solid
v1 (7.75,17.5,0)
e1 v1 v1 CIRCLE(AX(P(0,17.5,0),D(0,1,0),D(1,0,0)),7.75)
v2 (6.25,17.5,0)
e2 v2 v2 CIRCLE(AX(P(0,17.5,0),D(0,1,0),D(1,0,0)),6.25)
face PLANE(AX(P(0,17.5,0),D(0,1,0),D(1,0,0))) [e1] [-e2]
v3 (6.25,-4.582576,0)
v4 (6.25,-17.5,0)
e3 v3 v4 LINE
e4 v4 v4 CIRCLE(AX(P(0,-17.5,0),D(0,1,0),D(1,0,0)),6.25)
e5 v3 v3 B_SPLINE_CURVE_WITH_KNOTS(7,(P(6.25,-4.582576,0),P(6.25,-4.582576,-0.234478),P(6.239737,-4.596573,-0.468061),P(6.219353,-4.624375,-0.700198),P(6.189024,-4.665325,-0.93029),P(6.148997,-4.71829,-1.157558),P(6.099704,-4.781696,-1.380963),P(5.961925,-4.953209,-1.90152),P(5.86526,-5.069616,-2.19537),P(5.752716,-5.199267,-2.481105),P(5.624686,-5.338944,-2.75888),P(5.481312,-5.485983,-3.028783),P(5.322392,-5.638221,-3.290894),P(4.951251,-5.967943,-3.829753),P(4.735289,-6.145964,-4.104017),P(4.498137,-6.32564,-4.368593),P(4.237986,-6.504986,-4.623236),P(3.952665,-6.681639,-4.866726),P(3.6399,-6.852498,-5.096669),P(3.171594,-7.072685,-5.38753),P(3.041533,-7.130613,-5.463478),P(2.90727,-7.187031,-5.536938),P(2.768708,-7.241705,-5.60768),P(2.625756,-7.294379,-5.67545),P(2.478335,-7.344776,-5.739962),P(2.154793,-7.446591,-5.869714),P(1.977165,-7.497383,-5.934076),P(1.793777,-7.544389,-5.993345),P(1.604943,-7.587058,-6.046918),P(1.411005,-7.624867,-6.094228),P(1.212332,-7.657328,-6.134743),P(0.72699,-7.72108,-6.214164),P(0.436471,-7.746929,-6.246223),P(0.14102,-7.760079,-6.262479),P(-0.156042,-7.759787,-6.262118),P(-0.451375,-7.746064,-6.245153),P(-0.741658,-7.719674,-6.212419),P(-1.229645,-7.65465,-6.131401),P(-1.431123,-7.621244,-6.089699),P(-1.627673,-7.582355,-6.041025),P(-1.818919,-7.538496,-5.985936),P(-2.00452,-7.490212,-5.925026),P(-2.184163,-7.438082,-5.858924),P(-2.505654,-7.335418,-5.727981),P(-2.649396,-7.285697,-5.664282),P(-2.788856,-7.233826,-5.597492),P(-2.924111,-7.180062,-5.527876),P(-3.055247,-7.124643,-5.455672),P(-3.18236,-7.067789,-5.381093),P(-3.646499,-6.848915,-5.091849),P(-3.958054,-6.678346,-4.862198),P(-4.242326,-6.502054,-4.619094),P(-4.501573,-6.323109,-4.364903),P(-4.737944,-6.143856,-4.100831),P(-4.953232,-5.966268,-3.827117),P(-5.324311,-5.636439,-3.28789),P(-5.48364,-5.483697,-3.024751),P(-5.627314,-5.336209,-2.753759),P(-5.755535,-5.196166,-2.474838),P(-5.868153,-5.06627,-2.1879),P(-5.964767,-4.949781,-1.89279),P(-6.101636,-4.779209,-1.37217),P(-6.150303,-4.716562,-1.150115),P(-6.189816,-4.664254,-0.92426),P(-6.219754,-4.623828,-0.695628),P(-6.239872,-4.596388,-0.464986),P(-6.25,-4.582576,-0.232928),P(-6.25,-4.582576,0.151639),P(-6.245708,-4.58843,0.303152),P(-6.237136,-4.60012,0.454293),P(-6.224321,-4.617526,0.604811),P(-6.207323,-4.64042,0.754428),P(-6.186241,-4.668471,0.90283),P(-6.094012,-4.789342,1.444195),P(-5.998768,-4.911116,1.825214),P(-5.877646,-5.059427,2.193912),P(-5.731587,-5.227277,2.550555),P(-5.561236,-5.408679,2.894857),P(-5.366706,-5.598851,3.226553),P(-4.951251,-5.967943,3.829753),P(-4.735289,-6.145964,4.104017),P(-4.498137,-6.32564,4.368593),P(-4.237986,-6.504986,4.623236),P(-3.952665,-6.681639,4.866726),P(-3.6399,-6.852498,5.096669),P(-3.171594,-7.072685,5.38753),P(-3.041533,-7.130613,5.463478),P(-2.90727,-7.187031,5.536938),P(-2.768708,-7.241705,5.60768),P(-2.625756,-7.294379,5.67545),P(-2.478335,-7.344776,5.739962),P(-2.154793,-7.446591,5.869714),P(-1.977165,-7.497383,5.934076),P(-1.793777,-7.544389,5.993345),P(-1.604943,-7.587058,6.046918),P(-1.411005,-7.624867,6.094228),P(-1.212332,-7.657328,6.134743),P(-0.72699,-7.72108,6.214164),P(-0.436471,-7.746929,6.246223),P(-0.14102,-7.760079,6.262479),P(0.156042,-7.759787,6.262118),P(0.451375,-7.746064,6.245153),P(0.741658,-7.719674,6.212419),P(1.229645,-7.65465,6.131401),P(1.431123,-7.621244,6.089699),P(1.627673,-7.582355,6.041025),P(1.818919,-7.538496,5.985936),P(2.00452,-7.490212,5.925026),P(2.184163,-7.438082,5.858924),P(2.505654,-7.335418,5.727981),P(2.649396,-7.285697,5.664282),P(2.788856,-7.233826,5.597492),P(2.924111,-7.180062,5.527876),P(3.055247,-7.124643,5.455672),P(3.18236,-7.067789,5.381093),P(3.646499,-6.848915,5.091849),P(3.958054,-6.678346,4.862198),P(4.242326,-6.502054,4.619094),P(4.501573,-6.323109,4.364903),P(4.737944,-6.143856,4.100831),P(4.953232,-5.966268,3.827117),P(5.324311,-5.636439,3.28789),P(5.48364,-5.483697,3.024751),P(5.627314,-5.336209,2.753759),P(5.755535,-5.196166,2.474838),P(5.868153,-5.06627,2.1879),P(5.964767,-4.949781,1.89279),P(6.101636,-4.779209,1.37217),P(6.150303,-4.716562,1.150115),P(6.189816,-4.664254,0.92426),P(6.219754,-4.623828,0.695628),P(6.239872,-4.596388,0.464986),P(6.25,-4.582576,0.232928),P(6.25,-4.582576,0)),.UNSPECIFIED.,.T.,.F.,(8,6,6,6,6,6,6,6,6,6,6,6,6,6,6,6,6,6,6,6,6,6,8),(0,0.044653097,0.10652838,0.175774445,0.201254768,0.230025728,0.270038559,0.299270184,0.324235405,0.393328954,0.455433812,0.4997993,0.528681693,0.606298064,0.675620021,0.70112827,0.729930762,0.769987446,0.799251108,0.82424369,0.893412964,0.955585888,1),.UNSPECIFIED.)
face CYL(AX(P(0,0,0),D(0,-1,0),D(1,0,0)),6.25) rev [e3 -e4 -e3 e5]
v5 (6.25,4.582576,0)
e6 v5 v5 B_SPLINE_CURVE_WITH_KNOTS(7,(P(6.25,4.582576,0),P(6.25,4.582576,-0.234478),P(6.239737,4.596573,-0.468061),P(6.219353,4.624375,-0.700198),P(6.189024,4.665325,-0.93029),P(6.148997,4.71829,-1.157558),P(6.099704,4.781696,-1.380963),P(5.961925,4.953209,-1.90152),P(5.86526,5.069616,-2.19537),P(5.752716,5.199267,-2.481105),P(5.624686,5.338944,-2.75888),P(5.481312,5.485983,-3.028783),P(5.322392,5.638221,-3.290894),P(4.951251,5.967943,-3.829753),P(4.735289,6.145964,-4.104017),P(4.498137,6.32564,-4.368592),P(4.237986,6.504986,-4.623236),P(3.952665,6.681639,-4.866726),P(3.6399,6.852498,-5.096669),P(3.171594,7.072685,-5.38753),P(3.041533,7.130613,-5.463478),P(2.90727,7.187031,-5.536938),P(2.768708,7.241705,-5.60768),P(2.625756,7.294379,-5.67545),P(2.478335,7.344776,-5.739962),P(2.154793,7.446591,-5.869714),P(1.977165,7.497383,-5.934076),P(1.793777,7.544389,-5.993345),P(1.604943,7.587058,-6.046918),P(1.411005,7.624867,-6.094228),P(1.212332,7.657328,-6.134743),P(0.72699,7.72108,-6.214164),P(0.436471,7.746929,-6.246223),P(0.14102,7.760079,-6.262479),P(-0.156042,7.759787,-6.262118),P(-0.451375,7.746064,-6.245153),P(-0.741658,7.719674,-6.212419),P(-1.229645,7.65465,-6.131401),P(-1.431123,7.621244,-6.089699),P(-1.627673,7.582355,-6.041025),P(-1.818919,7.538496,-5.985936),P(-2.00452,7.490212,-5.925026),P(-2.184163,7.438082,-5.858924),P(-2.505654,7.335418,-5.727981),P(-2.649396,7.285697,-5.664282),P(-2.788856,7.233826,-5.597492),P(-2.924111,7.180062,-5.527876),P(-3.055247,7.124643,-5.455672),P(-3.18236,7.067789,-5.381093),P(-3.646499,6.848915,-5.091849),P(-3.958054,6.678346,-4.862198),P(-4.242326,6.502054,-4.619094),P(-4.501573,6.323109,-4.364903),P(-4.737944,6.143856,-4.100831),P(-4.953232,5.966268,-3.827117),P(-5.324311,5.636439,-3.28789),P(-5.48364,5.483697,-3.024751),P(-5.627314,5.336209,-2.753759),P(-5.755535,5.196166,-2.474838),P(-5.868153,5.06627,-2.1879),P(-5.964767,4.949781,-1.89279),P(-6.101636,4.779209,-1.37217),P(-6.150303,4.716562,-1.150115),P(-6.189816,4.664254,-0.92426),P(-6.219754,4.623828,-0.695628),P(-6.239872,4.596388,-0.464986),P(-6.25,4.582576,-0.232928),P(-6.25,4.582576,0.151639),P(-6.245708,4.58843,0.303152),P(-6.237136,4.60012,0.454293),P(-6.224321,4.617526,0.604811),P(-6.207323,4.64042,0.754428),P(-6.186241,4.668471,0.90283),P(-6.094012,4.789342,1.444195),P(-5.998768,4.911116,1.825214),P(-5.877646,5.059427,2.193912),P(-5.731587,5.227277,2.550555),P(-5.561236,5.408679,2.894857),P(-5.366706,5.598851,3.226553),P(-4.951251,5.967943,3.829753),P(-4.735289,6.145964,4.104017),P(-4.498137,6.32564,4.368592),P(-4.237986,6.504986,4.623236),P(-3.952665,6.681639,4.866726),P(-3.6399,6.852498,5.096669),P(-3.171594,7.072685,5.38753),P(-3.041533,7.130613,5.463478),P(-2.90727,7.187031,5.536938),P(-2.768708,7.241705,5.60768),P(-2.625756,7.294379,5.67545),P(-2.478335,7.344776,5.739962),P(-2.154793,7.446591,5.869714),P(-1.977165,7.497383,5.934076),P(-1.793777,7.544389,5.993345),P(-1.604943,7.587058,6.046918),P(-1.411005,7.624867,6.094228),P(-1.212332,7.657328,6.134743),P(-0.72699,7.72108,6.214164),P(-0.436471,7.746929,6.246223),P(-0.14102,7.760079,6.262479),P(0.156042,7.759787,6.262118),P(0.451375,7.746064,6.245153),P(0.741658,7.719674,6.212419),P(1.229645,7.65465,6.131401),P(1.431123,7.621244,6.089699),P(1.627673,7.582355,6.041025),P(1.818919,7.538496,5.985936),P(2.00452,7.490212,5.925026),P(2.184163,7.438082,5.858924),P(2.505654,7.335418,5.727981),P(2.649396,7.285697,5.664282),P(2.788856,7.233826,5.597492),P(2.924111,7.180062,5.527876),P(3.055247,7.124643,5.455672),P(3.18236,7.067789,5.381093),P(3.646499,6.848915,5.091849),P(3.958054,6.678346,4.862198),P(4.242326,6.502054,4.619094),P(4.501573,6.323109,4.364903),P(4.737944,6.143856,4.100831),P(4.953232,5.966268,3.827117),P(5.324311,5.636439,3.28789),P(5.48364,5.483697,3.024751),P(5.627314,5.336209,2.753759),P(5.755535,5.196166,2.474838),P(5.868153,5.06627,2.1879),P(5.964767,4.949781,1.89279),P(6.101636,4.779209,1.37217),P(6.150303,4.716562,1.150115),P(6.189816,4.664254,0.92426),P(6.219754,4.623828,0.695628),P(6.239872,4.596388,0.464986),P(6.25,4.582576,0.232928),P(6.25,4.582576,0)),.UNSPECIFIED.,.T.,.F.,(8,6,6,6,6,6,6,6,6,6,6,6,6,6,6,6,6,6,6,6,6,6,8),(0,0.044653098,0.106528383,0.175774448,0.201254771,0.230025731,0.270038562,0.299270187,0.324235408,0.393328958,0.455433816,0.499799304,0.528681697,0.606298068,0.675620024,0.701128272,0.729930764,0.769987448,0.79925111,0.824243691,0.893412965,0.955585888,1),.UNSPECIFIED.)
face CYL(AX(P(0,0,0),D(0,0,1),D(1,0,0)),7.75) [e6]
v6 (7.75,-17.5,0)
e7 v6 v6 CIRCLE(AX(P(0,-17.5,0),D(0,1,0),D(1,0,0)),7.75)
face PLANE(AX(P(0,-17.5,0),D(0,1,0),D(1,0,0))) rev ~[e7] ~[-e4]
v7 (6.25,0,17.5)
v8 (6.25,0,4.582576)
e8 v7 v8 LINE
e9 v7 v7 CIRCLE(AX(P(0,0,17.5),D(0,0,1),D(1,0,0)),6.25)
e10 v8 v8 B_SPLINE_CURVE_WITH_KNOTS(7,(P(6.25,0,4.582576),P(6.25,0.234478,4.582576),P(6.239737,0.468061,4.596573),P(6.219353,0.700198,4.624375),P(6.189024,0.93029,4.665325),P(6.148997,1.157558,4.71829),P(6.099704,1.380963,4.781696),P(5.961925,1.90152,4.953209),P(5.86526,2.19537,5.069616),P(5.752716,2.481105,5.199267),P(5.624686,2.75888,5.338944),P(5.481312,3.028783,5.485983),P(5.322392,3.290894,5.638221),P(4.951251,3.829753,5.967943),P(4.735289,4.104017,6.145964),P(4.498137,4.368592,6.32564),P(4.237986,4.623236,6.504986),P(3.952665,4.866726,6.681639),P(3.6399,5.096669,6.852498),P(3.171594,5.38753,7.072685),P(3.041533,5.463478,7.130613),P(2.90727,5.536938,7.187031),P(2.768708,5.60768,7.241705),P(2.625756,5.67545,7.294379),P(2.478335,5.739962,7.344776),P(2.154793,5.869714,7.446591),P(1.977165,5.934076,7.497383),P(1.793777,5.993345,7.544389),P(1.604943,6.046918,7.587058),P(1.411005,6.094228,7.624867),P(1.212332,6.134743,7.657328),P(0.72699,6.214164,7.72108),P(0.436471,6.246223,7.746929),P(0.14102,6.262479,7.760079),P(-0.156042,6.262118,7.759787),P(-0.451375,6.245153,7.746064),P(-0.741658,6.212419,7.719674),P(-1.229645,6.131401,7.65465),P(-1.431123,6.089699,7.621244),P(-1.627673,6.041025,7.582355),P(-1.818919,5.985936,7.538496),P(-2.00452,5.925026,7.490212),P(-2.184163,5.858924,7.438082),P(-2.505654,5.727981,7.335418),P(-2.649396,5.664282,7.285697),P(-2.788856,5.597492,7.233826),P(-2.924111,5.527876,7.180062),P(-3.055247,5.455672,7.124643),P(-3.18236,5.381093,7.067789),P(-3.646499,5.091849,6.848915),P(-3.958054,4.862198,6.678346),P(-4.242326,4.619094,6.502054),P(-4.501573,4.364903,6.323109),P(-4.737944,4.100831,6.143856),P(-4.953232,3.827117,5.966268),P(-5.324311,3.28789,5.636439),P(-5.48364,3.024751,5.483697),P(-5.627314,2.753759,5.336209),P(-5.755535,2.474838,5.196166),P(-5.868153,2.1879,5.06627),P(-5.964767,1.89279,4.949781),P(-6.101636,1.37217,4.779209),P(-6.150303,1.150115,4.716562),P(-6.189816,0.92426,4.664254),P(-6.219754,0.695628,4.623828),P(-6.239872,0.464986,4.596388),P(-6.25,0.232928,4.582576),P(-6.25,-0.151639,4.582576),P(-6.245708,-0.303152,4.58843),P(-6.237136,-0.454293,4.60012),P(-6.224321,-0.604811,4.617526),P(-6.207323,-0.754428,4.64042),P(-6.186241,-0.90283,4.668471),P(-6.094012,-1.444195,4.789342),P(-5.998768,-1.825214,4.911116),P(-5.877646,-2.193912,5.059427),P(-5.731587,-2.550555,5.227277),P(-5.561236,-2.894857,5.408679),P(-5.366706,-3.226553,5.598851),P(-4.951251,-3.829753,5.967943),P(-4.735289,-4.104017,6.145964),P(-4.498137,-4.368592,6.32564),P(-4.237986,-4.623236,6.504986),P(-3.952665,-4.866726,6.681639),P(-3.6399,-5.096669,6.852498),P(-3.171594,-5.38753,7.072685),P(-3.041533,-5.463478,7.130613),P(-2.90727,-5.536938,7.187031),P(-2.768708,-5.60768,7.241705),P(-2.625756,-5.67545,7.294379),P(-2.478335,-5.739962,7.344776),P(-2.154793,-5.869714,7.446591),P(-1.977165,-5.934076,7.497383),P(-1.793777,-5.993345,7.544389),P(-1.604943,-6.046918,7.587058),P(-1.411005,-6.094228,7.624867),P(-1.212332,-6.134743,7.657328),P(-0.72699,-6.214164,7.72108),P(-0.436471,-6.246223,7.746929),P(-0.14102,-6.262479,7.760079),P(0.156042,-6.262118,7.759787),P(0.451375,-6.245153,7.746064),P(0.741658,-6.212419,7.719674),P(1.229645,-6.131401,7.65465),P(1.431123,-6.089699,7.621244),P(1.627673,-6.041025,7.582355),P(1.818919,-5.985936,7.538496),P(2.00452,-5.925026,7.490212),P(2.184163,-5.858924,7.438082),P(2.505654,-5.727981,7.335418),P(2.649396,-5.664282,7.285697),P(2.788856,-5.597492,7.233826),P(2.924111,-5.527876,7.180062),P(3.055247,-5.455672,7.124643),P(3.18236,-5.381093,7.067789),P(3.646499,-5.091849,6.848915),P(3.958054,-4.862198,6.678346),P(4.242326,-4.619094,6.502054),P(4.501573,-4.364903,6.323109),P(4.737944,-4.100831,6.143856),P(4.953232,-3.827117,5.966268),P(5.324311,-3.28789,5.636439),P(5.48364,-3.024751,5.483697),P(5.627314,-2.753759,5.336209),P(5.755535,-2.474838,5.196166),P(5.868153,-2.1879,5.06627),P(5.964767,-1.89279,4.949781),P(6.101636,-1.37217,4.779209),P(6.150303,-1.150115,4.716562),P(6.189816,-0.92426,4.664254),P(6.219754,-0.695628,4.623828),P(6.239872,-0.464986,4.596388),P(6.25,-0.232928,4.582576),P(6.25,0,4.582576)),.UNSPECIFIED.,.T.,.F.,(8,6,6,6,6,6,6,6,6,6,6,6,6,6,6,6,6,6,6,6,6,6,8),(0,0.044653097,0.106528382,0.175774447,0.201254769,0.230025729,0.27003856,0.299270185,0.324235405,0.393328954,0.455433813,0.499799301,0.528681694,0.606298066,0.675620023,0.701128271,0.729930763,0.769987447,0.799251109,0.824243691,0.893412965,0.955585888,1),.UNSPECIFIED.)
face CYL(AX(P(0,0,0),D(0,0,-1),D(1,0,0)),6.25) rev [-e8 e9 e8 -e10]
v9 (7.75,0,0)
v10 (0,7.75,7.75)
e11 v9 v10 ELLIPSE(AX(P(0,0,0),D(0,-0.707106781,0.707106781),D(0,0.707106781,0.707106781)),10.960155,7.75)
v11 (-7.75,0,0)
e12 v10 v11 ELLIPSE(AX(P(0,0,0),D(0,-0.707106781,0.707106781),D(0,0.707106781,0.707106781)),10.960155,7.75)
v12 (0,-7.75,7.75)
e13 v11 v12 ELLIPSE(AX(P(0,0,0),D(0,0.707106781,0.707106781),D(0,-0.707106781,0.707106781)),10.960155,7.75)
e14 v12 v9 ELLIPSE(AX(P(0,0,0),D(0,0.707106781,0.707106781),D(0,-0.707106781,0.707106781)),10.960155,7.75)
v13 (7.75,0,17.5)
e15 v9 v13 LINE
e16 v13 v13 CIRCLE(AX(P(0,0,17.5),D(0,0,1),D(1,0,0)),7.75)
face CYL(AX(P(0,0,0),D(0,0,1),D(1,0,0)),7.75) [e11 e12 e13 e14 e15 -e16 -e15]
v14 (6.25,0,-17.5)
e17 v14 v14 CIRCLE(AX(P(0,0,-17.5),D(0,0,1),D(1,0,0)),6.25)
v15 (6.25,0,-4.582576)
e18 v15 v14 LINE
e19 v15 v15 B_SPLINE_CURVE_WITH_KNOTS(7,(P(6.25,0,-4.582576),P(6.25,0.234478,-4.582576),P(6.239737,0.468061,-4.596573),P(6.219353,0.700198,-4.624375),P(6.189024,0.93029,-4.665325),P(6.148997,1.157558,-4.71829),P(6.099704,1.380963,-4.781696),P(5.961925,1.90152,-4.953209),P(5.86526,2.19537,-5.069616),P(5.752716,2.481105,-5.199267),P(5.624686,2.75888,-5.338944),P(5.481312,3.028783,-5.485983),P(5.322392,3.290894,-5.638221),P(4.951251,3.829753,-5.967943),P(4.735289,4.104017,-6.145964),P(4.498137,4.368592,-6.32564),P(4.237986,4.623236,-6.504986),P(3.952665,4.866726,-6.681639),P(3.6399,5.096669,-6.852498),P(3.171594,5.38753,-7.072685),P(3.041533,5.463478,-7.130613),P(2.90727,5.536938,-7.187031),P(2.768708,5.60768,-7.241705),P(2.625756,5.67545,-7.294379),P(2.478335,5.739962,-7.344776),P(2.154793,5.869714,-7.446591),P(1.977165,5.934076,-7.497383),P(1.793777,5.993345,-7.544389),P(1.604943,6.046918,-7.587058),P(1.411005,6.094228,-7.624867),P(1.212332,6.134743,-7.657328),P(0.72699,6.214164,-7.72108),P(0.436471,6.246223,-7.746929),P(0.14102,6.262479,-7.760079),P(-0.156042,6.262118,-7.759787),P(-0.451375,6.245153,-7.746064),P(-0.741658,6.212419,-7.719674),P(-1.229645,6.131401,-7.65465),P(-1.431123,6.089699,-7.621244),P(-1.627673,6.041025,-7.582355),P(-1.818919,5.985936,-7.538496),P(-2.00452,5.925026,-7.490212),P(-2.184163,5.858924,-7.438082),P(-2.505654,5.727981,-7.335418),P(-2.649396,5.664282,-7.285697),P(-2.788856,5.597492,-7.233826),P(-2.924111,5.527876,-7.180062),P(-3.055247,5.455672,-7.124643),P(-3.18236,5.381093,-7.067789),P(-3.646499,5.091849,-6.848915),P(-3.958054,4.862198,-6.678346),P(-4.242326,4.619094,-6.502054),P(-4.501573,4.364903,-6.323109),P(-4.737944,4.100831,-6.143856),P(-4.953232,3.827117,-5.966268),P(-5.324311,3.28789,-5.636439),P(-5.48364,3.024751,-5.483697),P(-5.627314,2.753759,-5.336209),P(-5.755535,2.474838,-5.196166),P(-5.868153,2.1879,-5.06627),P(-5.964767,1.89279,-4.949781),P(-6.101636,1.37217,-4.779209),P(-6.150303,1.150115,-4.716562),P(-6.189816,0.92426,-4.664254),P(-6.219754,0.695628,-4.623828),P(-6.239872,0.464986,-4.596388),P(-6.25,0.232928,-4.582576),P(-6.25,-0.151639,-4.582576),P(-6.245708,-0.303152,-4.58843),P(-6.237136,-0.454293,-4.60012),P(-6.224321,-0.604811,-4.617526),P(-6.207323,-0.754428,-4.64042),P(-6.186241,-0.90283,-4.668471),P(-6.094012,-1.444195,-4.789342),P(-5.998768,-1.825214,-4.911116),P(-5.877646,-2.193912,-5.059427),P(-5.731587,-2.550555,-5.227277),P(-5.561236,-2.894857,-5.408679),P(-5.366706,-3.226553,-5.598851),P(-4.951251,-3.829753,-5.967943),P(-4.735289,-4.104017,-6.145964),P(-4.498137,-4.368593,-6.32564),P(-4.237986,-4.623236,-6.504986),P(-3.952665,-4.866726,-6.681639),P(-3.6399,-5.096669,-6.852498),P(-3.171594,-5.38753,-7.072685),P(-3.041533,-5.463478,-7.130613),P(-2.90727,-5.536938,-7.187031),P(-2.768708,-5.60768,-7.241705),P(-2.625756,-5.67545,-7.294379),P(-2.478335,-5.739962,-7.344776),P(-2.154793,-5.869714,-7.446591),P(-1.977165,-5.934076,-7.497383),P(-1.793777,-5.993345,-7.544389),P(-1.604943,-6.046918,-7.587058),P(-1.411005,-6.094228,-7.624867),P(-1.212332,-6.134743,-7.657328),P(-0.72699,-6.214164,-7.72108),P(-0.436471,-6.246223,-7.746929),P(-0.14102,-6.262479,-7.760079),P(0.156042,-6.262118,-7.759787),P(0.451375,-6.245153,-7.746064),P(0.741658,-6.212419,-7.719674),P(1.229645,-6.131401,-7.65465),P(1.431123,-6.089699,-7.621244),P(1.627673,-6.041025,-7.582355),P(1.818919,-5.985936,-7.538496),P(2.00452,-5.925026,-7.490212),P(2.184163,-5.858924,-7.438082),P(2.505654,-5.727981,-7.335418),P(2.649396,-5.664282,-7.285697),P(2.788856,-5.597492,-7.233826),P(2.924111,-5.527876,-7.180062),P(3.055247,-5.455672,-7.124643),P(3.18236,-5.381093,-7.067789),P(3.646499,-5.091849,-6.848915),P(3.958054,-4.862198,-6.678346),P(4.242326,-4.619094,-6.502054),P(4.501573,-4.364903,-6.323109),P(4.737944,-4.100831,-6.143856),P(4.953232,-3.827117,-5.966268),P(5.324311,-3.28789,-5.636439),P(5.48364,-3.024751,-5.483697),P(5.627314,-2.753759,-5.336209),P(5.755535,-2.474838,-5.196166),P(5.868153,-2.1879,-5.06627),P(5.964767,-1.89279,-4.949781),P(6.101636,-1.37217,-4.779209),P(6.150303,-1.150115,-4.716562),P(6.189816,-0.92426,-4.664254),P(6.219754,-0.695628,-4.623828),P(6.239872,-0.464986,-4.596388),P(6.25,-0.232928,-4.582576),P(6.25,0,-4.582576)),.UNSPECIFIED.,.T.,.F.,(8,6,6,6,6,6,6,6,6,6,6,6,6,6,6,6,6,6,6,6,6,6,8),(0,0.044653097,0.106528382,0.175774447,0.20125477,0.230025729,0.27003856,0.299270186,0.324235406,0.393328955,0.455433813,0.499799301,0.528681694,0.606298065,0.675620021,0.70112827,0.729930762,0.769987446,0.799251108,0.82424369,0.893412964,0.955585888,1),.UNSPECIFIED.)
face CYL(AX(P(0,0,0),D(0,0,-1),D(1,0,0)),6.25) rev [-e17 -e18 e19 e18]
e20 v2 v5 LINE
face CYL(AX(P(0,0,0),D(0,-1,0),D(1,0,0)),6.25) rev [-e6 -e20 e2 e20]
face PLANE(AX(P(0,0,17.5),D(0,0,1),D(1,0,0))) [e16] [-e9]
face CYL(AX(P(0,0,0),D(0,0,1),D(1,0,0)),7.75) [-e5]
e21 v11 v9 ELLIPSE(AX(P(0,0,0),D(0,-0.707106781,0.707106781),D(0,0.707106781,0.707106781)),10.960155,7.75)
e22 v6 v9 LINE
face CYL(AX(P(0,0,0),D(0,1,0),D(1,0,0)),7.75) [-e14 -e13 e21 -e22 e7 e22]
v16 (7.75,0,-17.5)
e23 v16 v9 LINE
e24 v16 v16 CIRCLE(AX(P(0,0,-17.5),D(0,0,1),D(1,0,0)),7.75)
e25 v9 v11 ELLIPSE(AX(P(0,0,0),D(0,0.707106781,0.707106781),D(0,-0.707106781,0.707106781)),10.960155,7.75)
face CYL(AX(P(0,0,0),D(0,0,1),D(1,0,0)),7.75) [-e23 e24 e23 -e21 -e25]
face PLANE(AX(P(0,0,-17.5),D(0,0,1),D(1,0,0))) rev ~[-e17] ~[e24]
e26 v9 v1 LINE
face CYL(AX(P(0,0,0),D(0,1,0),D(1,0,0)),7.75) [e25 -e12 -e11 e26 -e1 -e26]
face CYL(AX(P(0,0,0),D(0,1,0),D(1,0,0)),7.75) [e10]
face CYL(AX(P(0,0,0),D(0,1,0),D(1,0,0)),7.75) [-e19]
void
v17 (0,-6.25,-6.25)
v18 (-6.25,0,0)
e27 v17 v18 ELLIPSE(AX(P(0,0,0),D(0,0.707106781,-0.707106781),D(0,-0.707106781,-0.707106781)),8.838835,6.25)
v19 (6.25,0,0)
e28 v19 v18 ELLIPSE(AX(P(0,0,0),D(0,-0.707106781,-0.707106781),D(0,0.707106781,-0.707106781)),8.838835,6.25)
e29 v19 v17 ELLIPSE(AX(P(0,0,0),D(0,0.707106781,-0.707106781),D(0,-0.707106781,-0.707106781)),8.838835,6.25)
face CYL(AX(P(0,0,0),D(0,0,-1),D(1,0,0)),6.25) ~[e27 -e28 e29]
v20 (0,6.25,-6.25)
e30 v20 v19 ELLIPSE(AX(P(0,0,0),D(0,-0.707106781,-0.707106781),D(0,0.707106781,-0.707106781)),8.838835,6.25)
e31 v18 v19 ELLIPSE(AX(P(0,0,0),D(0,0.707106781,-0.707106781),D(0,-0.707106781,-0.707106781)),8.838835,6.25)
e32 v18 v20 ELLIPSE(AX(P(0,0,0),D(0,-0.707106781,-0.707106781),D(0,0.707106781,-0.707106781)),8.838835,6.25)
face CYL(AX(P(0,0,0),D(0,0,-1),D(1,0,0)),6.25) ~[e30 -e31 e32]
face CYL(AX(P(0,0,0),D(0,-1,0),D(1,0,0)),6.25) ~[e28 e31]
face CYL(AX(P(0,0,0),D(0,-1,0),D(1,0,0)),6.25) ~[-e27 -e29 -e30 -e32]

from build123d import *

# Parameters (mm, degrees)
SKETCH1_R           = 15.5
SKETCH1_R_2         = 12.5
EXTRUDE_THIN1_DEPTH = 35
SKETCH2_R           = 15.5
SKETCH2_R_2         = 12.5
EXTRUDE_THIN2_DEPTH = 35
SCALE1_SCALE        = 0.5


with BuildPart() as part:
    # Sketch1 → Extrude-Thin1 (new, symmetric)
    with BuildSketch(Plane.XY):
        Circle(SKETCH1_R)
        Circle(SKETCH1_R_2, mode=Mode.SUBTRACT)
    extrude(amount=EXTRUDE_THIN1_DEPTH, both=True)

    # Sketch2 → Extrude-Thin2 (add, symmetric)
    with BuildSketch(Plane(origin=(0, 0, 0), x_dir=(1, 0, 0), z_dir=(0, 1, 0))):
        Circle(SKETCH2_R)
        Circle(SKETCH2_R_2, mode=Mode.SUBTRACT)
    extrude(amount=EXTRUDE_THIN2_DEPTH, both=True)


with BuildPart() as part_1:
    # Scale1: scaled about (0, 0, 0)
    add(part.part.scale(SCALE1_SCALE))


solid = part_1.part
